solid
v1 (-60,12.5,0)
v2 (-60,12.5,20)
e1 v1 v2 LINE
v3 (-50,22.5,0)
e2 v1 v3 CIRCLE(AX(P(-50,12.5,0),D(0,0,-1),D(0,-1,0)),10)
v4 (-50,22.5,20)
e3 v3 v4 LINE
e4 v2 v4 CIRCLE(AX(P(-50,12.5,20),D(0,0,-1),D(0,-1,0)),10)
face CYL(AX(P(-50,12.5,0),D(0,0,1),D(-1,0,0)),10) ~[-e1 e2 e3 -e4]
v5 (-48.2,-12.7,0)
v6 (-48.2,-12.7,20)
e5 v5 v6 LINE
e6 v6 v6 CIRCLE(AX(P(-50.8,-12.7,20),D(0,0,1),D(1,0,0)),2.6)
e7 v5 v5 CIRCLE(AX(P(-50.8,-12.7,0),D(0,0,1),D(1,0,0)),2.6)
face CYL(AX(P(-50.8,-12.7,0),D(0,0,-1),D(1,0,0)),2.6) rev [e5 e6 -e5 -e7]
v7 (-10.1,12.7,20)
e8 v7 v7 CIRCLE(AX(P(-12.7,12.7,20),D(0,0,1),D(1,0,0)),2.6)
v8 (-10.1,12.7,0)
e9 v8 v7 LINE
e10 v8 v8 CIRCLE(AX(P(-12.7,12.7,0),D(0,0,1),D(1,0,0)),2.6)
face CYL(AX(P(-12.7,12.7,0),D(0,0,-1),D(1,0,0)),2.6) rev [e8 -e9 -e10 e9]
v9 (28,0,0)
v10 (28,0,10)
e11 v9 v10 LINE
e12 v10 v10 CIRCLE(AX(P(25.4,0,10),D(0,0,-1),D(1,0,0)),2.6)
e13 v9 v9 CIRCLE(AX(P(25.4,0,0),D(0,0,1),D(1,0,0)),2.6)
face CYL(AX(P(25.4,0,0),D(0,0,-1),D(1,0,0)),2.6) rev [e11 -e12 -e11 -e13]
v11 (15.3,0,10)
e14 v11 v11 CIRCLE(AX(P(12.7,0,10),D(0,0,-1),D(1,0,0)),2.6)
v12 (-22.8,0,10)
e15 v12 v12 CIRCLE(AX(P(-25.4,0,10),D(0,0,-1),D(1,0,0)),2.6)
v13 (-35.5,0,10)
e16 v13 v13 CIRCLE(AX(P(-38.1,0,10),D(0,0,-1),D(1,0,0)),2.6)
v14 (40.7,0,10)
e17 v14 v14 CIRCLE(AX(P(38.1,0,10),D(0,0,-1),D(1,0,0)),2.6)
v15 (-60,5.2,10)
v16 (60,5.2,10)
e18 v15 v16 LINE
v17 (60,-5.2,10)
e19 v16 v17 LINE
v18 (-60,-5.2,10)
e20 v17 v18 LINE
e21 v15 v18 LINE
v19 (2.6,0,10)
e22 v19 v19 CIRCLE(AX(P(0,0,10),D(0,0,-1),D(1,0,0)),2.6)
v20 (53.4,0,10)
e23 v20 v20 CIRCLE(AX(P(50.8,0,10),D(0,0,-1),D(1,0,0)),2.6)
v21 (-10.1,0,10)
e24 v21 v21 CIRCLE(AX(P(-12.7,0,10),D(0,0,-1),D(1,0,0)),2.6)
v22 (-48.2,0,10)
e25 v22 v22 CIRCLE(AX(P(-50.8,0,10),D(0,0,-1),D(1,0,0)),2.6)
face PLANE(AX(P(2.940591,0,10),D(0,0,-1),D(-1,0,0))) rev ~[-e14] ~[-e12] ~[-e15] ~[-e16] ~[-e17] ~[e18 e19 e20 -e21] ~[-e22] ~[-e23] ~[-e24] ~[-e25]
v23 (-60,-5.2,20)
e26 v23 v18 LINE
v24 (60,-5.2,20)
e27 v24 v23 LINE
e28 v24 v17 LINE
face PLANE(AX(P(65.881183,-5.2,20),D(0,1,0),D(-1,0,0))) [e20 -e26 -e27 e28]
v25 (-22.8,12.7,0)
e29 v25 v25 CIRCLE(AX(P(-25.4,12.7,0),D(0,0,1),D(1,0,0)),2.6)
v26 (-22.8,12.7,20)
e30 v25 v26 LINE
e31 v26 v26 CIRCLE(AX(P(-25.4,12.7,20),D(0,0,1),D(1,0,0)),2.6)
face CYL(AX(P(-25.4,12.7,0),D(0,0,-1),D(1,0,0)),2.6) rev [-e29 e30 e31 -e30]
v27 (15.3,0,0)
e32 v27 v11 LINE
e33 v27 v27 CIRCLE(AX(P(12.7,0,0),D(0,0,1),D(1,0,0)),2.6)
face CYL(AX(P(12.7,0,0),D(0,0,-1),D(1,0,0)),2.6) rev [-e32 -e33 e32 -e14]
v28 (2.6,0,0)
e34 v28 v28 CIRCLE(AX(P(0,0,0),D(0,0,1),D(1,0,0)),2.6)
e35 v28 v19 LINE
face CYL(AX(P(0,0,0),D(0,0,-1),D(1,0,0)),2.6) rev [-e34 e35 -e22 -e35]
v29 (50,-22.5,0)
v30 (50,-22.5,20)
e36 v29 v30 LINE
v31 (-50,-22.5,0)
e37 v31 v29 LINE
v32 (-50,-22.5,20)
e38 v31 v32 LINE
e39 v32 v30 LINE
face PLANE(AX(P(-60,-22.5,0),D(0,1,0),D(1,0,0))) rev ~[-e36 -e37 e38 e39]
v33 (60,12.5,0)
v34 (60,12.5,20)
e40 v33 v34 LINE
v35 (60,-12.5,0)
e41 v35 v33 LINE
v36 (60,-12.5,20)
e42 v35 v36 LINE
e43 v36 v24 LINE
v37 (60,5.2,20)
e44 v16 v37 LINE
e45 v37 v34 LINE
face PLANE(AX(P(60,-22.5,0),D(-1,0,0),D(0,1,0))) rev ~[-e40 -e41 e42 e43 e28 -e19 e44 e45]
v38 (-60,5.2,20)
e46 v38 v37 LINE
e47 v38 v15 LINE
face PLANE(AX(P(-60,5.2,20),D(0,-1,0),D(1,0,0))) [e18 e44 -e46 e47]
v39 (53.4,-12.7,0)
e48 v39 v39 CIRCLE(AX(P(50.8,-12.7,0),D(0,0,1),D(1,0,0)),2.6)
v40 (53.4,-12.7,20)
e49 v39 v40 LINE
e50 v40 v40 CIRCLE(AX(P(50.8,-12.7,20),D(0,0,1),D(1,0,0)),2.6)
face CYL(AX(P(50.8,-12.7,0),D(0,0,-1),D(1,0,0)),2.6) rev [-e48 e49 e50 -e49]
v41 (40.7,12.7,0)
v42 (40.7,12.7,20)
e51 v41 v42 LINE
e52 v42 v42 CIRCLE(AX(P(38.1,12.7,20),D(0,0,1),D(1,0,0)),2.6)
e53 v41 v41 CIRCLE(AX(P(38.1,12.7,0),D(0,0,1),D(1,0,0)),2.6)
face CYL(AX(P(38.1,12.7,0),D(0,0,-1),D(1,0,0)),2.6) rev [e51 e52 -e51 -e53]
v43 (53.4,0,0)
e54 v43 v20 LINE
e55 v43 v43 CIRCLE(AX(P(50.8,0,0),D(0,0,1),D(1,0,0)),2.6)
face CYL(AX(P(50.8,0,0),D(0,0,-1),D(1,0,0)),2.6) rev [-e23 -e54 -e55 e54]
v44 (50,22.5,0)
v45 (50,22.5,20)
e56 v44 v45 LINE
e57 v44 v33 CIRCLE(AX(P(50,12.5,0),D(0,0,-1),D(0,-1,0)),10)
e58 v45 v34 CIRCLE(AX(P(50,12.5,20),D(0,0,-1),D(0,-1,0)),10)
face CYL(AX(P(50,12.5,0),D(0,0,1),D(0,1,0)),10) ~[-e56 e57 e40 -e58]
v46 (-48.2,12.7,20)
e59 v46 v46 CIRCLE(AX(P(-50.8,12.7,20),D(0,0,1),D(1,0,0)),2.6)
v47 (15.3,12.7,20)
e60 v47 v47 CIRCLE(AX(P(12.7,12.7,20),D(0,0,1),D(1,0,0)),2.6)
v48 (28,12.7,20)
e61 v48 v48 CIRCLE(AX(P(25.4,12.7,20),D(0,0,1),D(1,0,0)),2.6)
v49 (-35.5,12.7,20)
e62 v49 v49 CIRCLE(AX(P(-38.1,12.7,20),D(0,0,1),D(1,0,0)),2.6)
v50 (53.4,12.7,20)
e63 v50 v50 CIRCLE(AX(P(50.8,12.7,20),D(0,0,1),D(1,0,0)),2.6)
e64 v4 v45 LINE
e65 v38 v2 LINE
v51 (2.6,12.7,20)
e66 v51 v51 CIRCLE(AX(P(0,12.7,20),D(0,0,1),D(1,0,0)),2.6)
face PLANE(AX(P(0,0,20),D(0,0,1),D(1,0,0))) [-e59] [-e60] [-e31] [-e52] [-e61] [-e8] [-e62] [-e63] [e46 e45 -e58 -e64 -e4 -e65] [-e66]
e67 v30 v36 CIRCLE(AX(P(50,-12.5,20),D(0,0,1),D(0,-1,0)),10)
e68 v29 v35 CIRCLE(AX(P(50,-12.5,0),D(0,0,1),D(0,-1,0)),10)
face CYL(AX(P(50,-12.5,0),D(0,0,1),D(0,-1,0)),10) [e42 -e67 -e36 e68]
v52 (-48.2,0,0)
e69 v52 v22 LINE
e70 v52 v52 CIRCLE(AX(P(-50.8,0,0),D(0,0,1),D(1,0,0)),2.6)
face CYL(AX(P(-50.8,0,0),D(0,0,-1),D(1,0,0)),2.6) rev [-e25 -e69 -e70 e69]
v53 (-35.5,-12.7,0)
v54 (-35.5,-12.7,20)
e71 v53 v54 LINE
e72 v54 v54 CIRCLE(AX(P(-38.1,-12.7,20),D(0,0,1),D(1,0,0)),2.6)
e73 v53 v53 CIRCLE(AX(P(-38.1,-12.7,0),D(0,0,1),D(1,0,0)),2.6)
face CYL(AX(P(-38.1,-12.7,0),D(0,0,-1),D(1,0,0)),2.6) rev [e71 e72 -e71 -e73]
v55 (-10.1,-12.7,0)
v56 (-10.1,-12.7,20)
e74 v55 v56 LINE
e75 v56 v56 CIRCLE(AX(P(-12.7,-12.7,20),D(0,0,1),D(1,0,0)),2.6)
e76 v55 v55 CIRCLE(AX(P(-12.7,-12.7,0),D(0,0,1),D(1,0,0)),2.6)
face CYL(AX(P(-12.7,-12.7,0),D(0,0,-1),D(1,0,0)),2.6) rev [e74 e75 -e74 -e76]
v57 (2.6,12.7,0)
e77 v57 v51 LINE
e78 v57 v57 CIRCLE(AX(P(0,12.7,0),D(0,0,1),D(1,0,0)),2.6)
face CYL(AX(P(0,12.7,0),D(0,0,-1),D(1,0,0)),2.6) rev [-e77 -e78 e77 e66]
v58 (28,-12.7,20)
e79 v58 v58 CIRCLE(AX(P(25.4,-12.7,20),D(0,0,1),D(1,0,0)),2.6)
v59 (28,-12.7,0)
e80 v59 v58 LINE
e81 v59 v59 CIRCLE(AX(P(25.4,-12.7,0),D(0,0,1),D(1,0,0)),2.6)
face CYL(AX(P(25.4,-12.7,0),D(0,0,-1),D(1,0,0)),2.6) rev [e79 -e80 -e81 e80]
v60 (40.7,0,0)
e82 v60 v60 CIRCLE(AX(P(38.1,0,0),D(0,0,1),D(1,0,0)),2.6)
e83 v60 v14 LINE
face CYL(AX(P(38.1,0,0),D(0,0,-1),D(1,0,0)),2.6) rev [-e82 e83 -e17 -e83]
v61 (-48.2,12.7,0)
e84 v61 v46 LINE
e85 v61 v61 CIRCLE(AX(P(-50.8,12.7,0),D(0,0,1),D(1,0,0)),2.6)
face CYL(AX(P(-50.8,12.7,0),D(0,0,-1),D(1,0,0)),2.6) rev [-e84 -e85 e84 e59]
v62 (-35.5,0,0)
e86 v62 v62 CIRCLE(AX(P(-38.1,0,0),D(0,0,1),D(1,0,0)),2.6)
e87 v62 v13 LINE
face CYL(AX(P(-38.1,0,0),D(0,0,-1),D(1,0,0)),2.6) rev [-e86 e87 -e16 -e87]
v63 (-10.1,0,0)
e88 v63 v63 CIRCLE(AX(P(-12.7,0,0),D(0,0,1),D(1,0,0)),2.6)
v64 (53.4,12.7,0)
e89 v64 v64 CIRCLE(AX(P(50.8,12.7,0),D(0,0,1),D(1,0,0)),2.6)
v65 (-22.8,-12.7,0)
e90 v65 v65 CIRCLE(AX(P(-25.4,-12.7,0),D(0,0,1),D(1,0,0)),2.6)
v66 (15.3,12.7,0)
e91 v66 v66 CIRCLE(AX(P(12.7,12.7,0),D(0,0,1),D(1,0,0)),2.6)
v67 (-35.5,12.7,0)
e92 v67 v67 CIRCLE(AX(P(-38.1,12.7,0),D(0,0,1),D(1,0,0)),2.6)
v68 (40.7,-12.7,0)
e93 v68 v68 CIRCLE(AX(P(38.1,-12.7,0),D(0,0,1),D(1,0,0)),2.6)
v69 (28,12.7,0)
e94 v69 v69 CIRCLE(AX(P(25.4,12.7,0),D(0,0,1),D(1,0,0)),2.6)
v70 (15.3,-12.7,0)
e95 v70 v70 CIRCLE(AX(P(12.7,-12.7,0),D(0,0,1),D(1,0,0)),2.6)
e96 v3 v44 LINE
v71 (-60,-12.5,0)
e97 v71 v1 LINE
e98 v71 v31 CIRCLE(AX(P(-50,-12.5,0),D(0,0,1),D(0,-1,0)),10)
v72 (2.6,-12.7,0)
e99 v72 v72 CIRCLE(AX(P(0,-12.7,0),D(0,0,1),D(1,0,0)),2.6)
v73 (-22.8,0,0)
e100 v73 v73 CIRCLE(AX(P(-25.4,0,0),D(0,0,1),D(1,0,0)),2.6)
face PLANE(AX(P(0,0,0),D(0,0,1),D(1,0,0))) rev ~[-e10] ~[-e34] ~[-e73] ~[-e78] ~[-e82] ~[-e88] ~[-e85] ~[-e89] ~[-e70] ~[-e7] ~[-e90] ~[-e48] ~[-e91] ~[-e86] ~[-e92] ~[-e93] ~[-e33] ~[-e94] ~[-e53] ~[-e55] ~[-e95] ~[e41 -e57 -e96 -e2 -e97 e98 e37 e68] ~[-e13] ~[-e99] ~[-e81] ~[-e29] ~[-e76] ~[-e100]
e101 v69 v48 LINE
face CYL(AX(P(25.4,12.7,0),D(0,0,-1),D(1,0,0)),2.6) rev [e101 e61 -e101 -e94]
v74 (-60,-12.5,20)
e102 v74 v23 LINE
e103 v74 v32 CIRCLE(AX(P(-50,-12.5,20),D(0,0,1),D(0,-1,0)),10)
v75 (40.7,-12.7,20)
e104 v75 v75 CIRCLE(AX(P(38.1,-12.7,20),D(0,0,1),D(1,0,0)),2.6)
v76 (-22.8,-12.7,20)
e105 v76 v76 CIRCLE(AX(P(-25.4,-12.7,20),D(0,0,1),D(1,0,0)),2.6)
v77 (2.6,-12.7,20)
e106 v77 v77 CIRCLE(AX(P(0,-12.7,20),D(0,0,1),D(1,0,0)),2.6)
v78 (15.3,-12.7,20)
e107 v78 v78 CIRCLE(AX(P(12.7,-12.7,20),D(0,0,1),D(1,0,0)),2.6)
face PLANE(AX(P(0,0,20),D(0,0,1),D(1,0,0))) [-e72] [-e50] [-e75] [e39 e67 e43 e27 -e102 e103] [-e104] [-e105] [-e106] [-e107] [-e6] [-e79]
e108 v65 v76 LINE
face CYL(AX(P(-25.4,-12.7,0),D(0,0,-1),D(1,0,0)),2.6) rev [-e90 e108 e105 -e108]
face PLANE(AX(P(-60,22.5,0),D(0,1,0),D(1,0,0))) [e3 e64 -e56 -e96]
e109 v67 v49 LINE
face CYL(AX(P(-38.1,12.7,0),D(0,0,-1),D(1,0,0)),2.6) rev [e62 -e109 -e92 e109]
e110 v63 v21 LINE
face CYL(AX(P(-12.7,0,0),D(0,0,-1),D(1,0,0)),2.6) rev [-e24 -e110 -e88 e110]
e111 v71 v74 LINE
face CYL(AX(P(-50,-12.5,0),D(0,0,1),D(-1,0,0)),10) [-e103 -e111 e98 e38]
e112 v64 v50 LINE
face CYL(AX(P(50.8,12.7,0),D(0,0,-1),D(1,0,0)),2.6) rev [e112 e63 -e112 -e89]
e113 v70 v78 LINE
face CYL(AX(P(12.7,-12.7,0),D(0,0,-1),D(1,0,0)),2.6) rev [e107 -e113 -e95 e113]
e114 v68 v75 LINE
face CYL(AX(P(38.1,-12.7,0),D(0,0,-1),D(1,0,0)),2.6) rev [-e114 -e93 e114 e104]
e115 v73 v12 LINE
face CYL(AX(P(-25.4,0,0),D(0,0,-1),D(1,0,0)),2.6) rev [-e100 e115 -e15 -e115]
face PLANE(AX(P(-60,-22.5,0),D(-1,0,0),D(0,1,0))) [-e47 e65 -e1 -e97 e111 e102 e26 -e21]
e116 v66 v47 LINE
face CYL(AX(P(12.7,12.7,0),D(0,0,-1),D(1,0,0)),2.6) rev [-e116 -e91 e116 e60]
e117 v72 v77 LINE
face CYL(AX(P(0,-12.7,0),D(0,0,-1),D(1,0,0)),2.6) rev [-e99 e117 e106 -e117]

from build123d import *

# Parameters (mm, degrees)
SKETCH_1_W          = 120
SKETCH_1_H          = 45
SKETCH_1_R          = 2.6
EXTRUDE_1_DEPTH     = 20
FILLET_1_R          = 10
CUT_EXTRUDE_1_DEPTH = 10


with BuildPart() as part:
    # 草图1 → 凸台-拉伸1 (new body)
    with BuildSketch(Plane.XY):
        Rectangle(SKETCH_1_W, SKETCH_1_H)
        with Locations((-50.8, 12.7)):
            Circle(SKETCH_1_R, mode=Mode.SUBTRACT)
        with Locations((-50.8, 0)):
            Circle(SKETCH_1_R, mode=Mode.SUBTRACT)
        with Locations((-50.8, -12.7)):
            Circle(SKETCH_1_R, mode=Mode.SUBTRACT)
        with Locations((-38.1, 12.7)):
            Circle(SKETCH_1_R, mode=Mode.SUBTRACT)
        with Locations((-38.1, 0)):
            Circle(SKETCH_1_R, mode=Mode.SUBTRACT)
        with Locations((-38.1, -12.7)):
            Circle(SKETCH_1_R, mode=Mode.SUBTRACT)
        with Locations((-25.4, 12.7)):
            Circle(SKETCH_1_R, mode=Mode.SUBTRACT)
        with Locations((-25.4, 0)):
            Circle(SKETCH_1_R, mode=Mode.SUBTRACT)
        with Locations((-25.4, -12.7)):
            Circle(SKETCH_1_R, mode=Mode.SUBTRACT)
        with Locations((-12.7, 12.7)):
            Circle(SKETCH_1_R, mode=Mode.SUBTRACT)
        with Locations((-12.7, 0)):
            Circle(SKETCH_1_R, mode=Mode.SUBTRACT)
        with Locations((-12.7, -12.7)):
            Circle(SKETCH_1_R, mode=Mode.SUBTRACT)
        with Locations((0, 12.7)):
            Circle(SKETCH_1_R, mode=Mode.SUBTRACT)
        Circle(SKETCH_1_R, mode=Mode.SUBTRACT)
        with Locations((0, -12.7)):
            Circle(SKETCH_1_R, mode=Mode.SUBTRACT)
        with Locations((12.7, 12.7)):
            Circle(SKETCH_1_R, mode=Mode.SUBTRACT)
        with Locations((12.7, 0)):
            Circle(SKETCH_1_R, mode=Mode.SUBTRACT)
        with Locations((12.7, -12.7)):
            Circle(SKETCH_1_R, mode=Mode.SUBTRACT)
        with Locations((25.4, 12.7)):
            Circle(SKETCH_1_R, mode=Mode.SUBTRACT)
        with Locations((25.4, 0)):
            Circle(SKETCH_1_R, mode=Mode.SUBTRACT)
        with Locations((25.4, -12.7)):
            Circle(SKETCH_1_R, mode=Mode.SUBTRACT)
        with Locations((38.1, 12.7)):
            Circle(SKETCH_1_R, mode=Mode.SUBTRACT)
        with Locations((38.1, 0)):
            Circle(SKETCH_1_R, mode=Mode.SUBTRACT)
        with Locations((38.1, -12.7)):
            Circle(SKETCH_1_R, mode=Mode.SUBTRACT)
        with Locations((50.8, 12.7)):
            Circle(SKETCH_1_R, mode=Mode.SUBTRACT)
        with Locations((50.8, 0)):
            Circle(SKETCH_1_R, mode=Mode.SUBTRACT)
        with Locations((50.8, -12.7)):
            Circle(SKETCH_1_R, mode=Mode.SUBTRACT)
    extrude(amount=EXTRUDE_1_DEPTH)

    # 圆角1
    fillet_1_edges = [part.edges().sort_by_distance(p)[0] for p in [
        (60, -22.5, 10),
        (-60, -22.5, 10),
        (-60, 22.5, 10),
        (60, 22.5, 10),
    ]]
    fillet(fillet_1_edges, radius=FILLET_1_R)

    # 草图2 → 切除-拉伸1 (cut)
    with BuildSketch(Plane.XY.offset(20)):
        with BuildLine():
            Line((-60, 5.2), (65.881182767, 5.2))
            ThreePointArc((65.881182767, 5.2), (71.081182767, 0), (65.881182767, -5.2))
            Line((65.881182767, -5.2), (-60, -5.2))
            ThreePointArc((-60, -5.2), (-65.2, 0), (-60, 5.2))
        make_face()
    extrude(amount=-CUT_EXTRUDE_1_DEPTH, mode=Mode.SUBTRACT)


solid = part.part
